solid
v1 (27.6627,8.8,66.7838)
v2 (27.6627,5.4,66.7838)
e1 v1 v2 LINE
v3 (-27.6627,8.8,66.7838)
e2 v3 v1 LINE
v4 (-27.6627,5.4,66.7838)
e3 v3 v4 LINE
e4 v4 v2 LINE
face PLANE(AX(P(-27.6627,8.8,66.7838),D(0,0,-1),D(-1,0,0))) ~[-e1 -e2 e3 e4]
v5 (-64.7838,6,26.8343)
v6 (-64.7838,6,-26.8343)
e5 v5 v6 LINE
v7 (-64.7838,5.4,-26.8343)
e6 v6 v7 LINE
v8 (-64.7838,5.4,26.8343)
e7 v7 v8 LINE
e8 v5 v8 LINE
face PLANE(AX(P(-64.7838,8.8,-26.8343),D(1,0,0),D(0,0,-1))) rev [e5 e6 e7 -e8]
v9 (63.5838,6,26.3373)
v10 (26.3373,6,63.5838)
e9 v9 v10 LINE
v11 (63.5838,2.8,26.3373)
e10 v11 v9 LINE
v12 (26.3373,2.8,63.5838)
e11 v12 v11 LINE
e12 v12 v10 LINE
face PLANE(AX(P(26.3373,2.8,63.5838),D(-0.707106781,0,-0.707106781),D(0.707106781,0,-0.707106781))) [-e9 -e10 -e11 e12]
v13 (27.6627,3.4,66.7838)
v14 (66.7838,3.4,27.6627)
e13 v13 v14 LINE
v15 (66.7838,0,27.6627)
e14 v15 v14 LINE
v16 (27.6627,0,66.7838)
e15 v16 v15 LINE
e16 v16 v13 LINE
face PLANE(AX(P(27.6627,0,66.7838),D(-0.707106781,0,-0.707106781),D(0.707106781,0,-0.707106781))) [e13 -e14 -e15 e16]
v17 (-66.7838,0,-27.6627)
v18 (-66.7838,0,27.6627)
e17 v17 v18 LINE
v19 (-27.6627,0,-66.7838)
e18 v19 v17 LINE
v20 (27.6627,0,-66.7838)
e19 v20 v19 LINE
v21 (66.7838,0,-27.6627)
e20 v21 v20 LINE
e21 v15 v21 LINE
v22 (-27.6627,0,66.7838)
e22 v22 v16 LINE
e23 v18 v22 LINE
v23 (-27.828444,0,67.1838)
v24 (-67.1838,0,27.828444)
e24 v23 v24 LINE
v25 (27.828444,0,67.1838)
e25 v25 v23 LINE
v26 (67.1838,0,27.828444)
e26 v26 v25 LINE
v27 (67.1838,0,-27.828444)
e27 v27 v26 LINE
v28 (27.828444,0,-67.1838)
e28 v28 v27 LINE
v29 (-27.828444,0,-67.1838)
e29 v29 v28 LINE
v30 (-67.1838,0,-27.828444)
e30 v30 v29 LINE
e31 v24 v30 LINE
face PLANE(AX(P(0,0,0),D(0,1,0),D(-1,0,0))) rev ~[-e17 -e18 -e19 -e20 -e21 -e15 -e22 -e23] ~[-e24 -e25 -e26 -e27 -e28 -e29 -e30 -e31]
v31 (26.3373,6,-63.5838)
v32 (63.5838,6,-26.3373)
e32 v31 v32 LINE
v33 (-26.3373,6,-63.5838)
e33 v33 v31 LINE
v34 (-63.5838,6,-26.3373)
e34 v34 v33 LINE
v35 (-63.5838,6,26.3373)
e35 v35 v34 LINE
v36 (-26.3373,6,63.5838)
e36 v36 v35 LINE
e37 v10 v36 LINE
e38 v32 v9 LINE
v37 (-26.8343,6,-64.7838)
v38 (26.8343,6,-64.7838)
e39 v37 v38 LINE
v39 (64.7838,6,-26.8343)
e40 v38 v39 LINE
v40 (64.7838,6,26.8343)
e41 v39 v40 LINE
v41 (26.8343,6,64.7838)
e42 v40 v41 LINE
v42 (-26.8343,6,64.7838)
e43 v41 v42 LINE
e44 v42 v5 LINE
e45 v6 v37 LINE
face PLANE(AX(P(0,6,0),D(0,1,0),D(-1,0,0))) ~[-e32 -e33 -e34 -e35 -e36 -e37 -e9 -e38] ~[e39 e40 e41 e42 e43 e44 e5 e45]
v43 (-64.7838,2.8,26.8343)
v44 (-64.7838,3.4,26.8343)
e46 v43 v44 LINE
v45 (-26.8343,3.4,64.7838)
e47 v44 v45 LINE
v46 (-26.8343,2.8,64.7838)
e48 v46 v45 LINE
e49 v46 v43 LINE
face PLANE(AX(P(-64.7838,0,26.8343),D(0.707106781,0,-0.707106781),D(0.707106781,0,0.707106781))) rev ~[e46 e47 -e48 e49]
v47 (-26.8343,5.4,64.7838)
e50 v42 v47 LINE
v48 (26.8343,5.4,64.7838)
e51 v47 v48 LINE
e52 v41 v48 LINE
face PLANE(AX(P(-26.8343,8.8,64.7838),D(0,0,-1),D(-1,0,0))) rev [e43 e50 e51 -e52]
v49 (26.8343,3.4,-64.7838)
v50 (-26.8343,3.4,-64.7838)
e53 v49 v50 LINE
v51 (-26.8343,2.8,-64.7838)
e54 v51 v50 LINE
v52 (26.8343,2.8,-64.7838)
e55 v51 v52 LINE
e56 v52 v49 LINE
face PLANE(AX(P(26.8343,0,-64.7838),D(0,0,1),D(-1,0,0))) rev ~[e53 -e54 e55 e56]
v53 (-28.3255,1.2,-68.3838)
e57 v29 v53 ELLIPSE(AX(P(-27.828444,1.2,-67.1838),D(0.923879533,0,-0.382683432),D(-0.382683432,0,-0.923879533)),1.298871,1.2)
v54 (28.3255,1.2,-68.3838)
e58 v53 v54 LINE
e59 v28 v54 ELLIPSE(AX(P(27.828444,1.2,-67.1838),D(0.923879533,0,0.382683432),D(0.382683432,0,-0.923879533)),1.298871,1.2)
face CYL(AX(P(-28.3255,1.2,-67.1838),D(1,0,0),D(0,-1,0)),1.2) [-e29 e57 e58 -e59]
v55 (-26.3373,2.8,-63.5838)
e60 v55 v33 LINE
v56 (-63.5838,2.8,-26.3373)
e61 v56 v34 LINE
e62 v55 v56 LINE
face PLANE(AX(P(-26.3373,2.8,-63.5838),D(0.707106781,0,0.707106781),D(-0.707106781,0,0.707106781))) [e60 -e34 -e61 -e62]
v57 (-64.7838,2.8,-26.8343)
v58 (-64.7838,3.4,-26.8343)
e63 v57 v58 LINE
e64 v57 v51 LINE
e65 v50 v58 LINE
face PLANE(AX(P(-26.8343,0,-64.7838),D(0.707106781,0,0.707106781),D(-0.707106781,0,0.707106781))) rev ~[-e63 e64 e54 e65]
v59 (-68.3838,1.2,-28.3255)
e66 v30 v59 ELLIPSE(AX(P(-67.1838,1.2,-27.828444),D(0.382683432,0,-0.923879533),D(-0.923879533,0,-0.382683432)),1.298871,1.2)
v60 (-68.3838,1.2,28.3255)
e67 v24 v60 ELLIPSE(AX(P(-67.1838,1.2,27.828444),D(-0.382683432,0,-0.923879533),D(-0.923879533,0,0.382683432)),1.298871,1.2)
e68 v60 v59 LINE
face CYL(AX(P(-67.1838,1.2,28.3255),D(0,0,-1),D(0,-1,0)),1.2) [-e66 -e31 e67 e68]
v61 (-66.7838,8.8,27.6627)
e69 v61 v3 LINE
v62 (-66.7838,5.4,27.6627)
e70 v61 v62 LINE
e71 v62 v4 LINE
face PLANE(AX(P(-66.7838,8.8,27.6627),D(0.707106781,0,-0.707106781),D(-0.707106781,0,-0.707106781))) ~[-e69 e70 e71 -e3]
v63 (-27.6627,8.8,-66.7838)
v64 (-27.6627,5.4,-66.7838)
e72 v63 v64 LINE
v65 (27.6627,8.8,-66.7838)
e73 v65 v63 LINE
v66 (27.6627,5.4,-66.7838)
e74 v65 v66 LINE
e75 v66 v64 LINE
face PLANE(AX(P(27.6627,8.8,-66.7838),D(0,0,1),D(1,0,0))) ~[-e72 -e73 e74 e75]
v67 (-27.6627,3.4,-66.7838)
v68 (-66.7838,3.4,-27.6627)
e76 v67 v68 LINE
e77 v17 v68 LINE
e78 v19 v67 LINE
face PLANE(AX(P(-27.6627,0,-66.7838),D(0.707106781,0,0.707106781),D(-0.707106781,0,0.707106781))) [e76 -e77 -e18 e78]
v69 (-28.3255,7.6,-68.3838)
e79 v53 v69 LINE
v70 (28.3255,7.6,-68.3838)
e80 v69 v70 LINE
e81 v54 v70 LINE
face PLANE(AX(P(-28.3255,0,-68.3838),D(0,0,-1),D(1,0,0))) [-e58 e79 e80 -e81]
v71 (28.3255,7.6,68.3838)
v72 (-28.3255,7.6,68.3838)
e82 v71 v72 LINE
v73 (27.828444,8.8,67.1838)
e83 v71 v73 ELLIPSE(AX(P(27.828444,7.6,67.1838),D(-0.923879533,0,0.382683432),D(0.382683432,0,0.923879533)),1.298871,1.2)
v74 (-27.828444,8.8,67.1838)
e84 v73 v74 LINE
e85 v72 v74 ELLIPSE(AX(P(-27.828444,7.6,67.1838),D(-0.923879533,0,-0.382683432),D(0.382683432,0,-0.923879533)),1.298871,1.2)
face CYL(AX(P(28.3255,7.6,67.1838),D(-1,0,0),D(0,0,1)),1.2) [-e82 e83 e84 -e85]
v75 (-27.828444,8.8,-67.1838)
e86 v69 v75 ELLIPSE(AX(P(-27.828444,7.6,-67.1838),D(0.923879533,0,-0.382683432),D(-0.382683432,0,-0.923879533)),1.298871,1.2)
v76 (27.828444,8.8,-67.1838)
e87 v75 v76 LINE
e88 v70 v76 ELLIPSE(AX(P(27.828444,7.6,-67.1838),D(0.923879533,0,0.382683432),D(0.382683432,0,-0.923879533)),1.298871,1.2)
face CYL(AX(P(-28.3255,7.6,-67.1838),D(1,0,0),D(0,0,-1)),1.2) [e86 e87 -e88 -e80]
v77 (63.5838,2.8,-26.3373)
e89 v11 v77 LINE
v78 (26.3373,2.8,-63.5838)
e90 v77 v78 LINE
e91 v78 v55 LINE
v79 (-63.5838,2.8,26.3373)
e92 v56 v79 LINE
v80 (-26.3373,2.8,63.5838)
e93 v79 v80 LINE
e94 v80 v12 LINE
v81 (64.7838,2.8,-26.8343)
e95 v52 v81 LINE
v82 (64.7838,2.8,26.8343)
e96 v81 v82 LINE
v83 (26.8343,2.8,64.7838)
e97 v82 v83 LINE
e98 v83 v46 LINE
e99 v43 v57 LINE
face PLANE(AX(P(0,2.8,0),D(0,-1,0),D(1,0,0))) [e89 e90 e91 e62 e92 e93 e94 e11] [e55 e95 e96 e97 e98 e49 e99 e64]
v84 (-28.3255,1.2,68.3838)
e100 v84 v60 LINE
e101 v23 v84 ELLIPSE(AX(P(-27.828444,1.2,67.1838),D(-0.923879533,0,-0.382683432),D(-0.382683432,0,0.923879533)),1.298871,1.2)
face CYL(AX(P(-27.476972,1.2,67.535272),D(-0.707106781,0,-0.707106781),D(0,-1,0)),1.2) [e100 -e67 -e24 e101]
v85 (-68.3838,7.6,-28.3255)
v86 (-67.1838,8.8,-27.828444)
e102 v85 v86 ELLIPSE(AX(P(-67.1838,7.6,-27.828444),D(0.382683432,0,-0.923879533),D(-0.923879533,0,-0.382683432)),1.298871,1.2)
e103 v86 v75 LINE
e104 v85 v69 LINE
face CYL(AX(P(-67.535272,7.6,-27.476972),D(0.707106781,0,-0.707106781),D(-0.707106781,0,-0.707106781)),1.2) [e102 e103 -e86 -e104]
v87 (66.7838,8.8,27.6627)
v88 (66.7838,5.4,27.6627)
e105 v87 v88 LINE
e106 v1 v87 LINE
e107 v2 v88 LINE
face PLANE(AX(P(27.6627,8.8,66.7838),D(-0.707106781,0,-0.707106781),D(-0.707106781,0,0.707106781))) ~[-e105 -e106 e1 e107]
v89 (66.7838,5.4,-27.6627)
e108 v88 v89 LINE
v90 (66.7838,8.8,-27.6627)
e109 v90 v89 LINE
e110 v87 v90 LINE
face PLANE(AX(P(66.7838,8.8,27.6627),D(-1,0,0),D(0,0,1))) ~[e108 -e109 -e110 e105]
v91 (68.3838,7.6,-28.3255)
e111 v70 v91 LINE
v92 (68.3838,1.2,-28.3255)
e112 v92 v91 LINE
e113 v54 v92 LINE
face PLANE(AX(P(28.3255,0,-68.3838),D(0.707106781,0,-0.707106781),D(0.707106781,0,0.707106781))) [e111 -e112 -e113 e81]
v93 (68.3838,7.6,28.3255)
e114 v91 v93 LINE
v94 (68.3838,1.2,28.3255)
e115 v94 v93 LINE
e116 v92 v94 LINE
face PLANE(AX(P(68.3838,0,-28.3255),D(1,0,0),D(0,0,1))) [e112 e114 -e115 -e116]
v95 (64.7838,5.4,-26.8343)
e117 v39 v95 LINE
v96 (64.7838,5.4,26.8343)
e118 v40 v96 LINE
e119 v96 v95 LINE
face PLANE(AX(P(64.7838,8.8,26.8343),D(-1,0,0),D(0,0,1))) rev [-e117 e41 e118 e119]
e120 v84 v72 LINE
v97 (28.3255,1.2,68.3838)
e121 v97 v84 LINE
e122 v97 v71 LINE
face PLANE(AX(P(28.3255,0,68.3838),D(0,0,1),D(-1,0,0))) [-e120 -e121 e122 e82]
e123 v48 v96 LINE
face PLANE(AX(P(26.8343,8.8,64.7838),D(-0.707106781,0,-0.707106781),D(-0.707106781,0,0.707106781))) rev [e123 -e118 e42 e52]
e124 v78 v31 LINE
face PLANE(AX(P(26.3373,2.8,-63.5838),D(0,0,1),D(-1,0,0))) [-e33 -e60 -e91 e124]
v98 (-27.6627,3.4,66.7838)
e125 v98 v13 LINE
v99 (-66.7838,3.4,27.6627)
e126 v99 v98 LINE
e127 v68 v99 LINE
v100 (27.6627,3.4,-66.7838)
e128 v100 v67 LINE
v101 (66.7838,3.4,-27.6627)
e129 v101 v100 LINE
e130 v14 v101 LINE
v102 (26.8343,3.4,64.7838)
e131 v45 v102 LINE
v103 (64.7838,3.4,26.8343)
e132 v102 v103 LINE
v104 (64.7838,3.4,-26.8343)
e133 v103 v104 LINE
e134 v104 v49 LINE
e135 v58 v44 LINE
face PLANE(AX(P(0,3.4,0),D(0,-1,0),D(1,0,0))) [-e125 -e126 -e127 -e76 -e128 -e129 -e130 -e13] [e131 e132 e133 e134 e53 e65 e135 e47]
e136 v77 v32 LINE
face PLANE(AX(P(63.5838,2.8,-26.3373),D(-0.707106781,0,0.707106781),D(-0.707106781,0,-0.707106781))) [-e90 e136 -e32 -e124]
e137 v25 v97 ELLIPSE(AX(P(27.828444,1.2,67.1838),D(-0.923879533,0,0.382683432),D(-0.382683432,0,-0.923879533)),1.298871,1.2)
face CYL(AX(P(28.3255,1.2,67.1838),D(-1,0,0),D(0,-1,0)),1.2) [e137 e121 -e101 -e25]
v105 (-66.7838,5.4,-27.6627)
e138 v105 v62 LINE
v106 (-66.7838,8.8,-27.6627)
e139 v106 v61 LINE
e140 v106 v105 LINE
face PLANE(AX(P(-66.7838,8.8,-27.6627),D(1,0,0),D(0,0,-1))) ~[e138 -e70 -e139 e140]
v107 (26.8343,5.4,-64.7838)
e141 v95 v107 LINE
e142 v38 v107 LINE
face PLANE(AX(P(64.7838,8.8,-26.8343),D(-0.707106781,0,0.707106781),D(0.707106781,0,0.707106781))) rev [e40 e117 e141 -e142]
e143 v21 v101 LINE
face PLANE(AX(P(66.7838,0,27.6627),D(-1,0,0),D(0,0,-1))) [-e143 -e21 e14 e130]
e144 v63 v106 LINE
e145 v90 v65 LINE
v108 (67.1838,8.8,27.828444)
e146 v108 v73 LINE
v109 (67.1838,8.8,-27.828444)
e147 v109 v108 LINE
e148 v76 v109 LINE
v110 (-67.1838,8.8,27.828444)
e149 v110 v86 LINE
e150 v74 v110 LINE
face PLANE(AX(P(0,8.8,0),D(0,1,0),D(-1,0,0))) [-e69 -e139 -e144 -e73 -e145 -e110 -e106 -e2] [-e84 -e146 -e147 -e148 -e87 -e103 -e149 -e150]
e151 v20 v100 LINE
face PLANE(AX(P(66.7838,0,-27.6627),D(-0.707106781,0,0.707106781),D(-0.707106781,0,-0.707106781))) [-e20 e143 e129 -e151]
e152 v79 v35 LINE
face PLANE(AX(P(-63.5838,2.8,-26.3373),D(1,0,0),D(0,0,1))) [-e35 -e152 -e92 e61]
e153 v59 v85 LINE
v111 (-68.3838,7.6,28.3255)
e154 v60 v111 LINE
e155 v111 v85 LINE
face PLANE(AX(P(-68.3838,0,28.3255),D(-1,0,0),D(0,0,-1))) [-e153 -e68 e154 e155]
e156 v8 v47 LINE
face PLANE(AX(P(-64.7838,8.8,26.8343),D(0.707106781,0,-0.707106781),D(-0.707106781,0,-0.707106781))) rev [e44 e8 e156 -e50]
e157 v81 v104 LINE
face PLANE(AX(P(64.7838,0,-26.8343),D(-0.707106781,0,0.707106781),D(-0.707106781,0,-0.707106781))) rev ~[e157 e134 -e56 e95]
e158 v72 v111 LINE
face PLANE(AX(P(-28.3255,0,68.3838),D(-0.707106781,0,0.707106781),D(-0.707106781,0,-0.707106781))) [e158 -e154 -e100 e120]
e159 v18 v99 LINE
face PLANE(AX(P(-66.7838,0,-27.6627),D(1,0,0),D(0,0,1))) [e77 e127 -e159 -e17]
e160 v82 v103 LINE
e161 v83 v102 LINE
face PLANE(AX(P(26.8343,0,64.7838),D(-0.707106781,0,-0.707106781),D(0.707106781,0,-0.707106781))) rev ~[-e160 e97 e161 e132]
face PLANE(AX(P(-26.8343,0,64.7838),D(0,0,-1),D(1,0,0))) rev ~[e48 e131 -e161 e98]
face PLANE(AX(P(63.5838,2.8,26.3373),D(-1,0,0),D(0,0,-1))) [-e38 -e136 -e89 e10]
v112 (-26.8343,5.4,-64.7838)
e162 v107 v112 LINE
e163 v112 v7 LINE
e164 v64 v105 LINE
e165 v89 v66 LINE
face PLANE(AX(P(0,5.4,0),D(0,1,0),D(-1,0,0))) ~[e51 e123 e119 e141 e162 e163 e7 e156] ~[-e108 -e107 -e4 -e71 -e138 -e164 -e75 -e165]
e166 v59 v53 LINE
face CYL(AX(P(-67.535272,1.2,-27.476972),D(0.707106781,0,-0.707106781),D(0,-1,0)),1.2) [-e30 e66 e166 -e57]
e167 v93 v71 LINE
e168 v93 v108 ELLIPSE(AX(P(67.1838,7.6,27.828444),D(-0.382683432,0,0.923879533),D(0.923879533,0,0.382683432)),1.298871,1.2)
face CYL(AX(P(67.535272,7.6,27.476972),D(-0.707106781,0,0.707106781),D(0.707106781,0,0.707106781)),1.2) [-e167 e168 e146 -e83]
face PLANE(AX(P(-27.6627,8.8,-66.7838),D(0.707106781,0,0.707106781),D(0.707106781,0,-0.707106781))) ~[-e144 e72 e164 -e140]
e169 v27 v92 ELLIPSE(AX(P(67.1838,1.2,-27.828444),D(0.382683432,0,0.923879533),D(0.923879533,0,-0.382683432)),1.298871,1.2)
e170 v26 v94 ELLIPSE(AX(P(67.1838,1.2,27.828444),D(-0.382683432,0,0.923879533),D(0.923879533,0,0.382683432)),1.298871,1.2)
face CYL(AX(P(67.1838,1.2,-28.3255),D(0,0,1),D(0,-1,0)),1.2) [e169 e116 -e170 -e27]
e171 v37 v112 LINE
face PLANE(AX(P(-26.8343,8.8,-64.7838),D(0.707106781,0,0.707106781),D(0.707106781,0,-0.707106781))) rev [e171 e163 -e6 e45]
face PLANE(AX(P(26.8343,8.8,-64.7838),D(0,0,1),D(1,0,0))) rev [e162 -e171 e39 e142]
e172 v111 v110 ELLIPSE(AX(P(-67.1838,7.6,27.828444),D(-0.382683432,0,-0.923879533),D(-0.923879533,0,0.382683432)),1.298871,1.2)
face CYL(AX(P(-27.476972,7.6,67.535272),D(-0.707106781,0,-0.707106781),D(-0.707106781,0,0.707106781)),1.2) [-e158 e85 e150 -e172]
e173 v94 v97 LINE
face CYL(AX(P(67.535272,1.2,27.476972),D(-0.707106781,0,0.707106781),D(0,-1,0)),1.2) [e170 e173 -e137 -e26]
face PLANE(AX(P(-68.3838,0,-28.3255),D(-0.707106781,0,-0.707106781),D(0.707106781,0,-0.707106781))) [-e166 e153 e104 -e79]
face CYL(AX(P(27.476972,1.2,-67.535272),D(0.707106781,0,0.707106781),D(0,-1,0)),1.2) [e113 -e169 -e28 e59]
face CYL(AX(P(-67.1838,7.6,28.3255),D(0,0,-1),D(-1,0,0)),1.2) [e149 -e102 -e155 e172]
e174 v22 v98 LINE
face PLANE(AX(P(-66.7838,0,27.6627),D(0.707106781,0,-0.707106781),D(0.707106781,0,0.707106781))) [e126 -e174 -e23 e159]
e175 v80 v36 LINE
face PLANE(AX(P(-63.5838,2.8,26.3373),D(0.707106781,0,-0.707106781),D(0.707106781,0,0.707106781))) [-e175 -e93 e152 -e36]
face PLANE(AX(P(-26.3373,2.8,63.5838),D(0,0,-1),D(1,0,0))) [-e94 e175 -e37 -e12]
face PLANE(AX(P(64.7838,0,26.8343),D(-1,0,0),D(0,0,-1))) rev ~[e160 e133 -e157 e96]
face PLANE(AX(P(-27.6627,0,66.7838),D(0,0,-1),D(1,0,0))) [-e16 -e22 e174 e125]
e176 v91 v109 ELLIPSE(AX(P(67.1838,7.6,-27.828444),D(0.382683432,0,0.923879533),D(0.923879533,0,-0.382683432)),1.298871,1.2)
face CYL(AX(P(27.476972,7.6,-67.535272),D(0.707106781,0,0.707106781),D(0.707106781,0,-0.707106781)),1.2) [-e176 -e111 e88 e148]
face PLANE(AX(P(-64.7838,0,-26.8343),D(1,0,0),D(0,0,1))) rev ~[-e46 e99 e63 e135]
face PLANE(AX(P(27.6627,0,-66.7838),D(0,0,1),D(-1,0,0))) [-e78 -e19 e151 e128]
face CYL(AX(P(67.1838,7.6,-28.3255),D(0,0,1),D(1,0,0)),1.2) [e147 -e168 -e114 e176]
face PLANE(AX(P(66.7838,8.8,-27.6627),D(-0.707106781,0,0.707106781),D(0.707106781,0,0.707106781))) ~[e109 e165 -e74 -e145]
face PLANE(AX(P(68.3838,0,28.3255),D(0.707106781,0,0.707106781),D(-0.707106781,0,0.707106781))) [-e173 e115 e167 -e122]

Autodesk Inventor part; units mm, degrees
ref_plane "YZ Plane" through (0, 0, 0) normal (1, 0, 0) x (0, 1, 0)
ref_plane "XZ Plane" through (0, 0, 0) normal (0, 1, 0) x (-1, 0, 0)
sketch "스케치1" plane through (0, 0, 0) normal (0, 1, 0) x (-1, 0, 0)
  line L0 (-65.1838, 27) -> (-27, 65.1838)
  line L1 (-27, 65.1838) -> (27, 65.1838)
  line L2 (27, 65.1838) -> (65.1838, 27)
  line L3 (65.1838, 27) -> (65.1838, -27)
  line L4 (65.1838, -27) -> (27, -65.1838)
  line L5 (27, -65.1838) -> (-27, -65.1838)
  line L6 (-27, -65.1838) -> (-65.1838, -27)
  line L7 (-65.1838, -27) -> (-65.1838, 27)
  line L8 (68.3838, 28.3255) -> (68.3838, -28.3255)
  line L9 (68.3838, -28.3255) -> (28.3255, -68.3838)
  line L10 (28.3255, -68.3838) -> (-28.3255, -68.3838)
  line L11 (-28.3255, -68.3838) -> (-68.3838, -28.3255)
  line L12 (-68.3838, -28.3255) -> (-68.3838, 28.3255)
  line L13 (-68.3838, 28.3255) -> (-28.3255, 68.3838)
  line L14 (-28.3255, 68.3838) -> (28.3255, 68.3838)
  line L15 (28.3255, 68.3838) -> (68.3838, 28.3255)
  point P0 (0, 0)
  point P1 (0, 0)
  point P2 (0, 0)
  dimension "d0" = 54
  dimension "d1" = 3.2
extrude "돌출1" add sketch "스케치1" along normal blind 8.8 contours L0 L1 L2 L3 L4 L5 L6 L7 | L8 L9 L10 L11 L12 L13 L14 L15
sketch "스케치3" plane through (0, 0, 0) normal (0, -1, 0) x (1, 0, 0)
  line L0 (-26.8343, 64.7838) -> (26.8343, 64.7838)
  line L1 (26.8343, 64.7838) -> (64.7838, 26.8343)
  line L2 (64.7838, 26.8343) -> (64.7838, -26.8343)
  line L3 (64.7838, -26.8343) -> (26.8343, -64.7838)
  line L4 (26.8343, -64.7838) -> (-26.8343, -64.7838)
  line L5 (-26.8343, -64.7838) -> (-64.7838, -26.8343)
  line L6 (-64.7838, -26.8343) -> (-64.7838, 26.8343)
  line L7 (-64.7838, 26.8343) -> (-26.8343, 64.7838)
  line L8 (-27.6627, 66.7838) -> (27.6627, 66.7838)
  line L9 (27.6627, 66.7838) -> (66.7838, 27.6627)
  line L10 (66.7838, 27.6627) -> (66.7838, -27.6627)
  line L11 (66.7838, -27.6627) -> (27.6627, -66.7838)
  line L12 (27.6627, -66.7838) -> (-27.6627, -66.7838)
  line L13 (-27.6627, -66.7838) -> (-66.7838, -27.6627)
  line L14 (-66.7838, -27.6627) -> (-66.7838, 27.6627)
  line L15 (-66.7838, 27.6627) -> (-27.6627, 66.7838)
  line L16 (-28.3255, 68.3838) -> (28.3255, 68.3838) projected
  point P0 (0, 0)
  point P1 (0, 0)
  point P2 (0, 0)
  point P3 (0, 0)
  dimension "d9" = 2
  dimension "d144" = 1.6
extrude "돌출3" cut sketch "스케치3" against normal blind 3.4
sketch "스케치14" plane through (0, 0, 0) normal (0, -1, 0) x (1, 0, 0)
  line L0 (64.7838, 26.8343) -> (26.8343, 64.7838) projected
  line L1 (26.8343, 64.7838) -> (-26.8343, 64.7838) projected
  line L2 (-26.8343, 64.7838) -> (-64.7838, 26.8343) projected
  line L3 (-64.7838, 26.8343) -> (-64.7838, -26.8343) projected
  line L4 (-64.7838, -26.8343) -> (-26.8343, -64.7838) projected
  line L5 (-26.8343, -64.7838) -> (26.8343, -64.7838) projected
  line L6 (26.8343, -64.7838) -> (64.7838, -26.8343) projected
  line L7 (64.7838, -26.8343) -> (64.7838, 26.8343) projected
  point P0 (0, 0)
extrude "돌출16" cut sketch "스케치14" against normal blind 2.8
sketch "스케치15" plane through (0, 2.8, 0) normal (0, -1, 0) x (1, 0, 0)
  line L0 (-26.3373, 63.5838) -> (26.3373, 63.5838)
  line L1 (26.3373, 63.5838) -> (63.5838, 26.3373)
  line L2 (63.5838, 26.3373) -> (63.5838, -26.3373)
  line L3 (63.5838, -26.3373) -> (26.3373, -63.5838)
  line L4 (26.3373, -63.5838) -> (-26.3373, -63.5838)
  line L5 (-26.3373, -63.5838) -> (-63.5838, -26.3373)
  line L6 (-63.5838, -26.3373) -> (-63.5838, 26.3373)
  line L7 (-63.5838, 26.3373) -> (-26.3373, 63.5838)
  line L8 (-26.8343, 64.7838) -> (26.8343, 64.7838) projected
  point P0 (0, 0)
  point P1 (0, 0)
  dimension "d140" = 1.2
extrude "돌출17" cut sketch "스케치15" against normal up to surface (6 mm away)
ref_plane "작업 평면3" through (0, 4.4, 0) normal (0, -1, 0) x (1, 0, 0)
mirror "미러6" about plane through (0, 4.4, 0) normal (0, -1, 0) of "돌출3", "돌출16"
fillet "모깎기2" radius 1.2 16 edges at (0, 0, 68.3838) (-48.3546, 0, 48.3546) (-68.3838, 0, 0) (-48.3546, 0, -48.3546) (0, 0, -68.3838) (48.3546, 0, -48.3546) (68.3838, 0, 0) (48.3546, 0, 48.3546) (-48.3546, 8.8, 48.3546) (-68.3838, 8.8, 0) (-48.3546, 8.8, -48.3546) (0, 8.8, -68.3838) (48.3546, 8.8, -48.3546) (68.3838, 8.8, 0) (48.3546, 8.8, 48.3546) (0, 8.8, 68.3838)
properties part number "OV-PAM_ring_2"
